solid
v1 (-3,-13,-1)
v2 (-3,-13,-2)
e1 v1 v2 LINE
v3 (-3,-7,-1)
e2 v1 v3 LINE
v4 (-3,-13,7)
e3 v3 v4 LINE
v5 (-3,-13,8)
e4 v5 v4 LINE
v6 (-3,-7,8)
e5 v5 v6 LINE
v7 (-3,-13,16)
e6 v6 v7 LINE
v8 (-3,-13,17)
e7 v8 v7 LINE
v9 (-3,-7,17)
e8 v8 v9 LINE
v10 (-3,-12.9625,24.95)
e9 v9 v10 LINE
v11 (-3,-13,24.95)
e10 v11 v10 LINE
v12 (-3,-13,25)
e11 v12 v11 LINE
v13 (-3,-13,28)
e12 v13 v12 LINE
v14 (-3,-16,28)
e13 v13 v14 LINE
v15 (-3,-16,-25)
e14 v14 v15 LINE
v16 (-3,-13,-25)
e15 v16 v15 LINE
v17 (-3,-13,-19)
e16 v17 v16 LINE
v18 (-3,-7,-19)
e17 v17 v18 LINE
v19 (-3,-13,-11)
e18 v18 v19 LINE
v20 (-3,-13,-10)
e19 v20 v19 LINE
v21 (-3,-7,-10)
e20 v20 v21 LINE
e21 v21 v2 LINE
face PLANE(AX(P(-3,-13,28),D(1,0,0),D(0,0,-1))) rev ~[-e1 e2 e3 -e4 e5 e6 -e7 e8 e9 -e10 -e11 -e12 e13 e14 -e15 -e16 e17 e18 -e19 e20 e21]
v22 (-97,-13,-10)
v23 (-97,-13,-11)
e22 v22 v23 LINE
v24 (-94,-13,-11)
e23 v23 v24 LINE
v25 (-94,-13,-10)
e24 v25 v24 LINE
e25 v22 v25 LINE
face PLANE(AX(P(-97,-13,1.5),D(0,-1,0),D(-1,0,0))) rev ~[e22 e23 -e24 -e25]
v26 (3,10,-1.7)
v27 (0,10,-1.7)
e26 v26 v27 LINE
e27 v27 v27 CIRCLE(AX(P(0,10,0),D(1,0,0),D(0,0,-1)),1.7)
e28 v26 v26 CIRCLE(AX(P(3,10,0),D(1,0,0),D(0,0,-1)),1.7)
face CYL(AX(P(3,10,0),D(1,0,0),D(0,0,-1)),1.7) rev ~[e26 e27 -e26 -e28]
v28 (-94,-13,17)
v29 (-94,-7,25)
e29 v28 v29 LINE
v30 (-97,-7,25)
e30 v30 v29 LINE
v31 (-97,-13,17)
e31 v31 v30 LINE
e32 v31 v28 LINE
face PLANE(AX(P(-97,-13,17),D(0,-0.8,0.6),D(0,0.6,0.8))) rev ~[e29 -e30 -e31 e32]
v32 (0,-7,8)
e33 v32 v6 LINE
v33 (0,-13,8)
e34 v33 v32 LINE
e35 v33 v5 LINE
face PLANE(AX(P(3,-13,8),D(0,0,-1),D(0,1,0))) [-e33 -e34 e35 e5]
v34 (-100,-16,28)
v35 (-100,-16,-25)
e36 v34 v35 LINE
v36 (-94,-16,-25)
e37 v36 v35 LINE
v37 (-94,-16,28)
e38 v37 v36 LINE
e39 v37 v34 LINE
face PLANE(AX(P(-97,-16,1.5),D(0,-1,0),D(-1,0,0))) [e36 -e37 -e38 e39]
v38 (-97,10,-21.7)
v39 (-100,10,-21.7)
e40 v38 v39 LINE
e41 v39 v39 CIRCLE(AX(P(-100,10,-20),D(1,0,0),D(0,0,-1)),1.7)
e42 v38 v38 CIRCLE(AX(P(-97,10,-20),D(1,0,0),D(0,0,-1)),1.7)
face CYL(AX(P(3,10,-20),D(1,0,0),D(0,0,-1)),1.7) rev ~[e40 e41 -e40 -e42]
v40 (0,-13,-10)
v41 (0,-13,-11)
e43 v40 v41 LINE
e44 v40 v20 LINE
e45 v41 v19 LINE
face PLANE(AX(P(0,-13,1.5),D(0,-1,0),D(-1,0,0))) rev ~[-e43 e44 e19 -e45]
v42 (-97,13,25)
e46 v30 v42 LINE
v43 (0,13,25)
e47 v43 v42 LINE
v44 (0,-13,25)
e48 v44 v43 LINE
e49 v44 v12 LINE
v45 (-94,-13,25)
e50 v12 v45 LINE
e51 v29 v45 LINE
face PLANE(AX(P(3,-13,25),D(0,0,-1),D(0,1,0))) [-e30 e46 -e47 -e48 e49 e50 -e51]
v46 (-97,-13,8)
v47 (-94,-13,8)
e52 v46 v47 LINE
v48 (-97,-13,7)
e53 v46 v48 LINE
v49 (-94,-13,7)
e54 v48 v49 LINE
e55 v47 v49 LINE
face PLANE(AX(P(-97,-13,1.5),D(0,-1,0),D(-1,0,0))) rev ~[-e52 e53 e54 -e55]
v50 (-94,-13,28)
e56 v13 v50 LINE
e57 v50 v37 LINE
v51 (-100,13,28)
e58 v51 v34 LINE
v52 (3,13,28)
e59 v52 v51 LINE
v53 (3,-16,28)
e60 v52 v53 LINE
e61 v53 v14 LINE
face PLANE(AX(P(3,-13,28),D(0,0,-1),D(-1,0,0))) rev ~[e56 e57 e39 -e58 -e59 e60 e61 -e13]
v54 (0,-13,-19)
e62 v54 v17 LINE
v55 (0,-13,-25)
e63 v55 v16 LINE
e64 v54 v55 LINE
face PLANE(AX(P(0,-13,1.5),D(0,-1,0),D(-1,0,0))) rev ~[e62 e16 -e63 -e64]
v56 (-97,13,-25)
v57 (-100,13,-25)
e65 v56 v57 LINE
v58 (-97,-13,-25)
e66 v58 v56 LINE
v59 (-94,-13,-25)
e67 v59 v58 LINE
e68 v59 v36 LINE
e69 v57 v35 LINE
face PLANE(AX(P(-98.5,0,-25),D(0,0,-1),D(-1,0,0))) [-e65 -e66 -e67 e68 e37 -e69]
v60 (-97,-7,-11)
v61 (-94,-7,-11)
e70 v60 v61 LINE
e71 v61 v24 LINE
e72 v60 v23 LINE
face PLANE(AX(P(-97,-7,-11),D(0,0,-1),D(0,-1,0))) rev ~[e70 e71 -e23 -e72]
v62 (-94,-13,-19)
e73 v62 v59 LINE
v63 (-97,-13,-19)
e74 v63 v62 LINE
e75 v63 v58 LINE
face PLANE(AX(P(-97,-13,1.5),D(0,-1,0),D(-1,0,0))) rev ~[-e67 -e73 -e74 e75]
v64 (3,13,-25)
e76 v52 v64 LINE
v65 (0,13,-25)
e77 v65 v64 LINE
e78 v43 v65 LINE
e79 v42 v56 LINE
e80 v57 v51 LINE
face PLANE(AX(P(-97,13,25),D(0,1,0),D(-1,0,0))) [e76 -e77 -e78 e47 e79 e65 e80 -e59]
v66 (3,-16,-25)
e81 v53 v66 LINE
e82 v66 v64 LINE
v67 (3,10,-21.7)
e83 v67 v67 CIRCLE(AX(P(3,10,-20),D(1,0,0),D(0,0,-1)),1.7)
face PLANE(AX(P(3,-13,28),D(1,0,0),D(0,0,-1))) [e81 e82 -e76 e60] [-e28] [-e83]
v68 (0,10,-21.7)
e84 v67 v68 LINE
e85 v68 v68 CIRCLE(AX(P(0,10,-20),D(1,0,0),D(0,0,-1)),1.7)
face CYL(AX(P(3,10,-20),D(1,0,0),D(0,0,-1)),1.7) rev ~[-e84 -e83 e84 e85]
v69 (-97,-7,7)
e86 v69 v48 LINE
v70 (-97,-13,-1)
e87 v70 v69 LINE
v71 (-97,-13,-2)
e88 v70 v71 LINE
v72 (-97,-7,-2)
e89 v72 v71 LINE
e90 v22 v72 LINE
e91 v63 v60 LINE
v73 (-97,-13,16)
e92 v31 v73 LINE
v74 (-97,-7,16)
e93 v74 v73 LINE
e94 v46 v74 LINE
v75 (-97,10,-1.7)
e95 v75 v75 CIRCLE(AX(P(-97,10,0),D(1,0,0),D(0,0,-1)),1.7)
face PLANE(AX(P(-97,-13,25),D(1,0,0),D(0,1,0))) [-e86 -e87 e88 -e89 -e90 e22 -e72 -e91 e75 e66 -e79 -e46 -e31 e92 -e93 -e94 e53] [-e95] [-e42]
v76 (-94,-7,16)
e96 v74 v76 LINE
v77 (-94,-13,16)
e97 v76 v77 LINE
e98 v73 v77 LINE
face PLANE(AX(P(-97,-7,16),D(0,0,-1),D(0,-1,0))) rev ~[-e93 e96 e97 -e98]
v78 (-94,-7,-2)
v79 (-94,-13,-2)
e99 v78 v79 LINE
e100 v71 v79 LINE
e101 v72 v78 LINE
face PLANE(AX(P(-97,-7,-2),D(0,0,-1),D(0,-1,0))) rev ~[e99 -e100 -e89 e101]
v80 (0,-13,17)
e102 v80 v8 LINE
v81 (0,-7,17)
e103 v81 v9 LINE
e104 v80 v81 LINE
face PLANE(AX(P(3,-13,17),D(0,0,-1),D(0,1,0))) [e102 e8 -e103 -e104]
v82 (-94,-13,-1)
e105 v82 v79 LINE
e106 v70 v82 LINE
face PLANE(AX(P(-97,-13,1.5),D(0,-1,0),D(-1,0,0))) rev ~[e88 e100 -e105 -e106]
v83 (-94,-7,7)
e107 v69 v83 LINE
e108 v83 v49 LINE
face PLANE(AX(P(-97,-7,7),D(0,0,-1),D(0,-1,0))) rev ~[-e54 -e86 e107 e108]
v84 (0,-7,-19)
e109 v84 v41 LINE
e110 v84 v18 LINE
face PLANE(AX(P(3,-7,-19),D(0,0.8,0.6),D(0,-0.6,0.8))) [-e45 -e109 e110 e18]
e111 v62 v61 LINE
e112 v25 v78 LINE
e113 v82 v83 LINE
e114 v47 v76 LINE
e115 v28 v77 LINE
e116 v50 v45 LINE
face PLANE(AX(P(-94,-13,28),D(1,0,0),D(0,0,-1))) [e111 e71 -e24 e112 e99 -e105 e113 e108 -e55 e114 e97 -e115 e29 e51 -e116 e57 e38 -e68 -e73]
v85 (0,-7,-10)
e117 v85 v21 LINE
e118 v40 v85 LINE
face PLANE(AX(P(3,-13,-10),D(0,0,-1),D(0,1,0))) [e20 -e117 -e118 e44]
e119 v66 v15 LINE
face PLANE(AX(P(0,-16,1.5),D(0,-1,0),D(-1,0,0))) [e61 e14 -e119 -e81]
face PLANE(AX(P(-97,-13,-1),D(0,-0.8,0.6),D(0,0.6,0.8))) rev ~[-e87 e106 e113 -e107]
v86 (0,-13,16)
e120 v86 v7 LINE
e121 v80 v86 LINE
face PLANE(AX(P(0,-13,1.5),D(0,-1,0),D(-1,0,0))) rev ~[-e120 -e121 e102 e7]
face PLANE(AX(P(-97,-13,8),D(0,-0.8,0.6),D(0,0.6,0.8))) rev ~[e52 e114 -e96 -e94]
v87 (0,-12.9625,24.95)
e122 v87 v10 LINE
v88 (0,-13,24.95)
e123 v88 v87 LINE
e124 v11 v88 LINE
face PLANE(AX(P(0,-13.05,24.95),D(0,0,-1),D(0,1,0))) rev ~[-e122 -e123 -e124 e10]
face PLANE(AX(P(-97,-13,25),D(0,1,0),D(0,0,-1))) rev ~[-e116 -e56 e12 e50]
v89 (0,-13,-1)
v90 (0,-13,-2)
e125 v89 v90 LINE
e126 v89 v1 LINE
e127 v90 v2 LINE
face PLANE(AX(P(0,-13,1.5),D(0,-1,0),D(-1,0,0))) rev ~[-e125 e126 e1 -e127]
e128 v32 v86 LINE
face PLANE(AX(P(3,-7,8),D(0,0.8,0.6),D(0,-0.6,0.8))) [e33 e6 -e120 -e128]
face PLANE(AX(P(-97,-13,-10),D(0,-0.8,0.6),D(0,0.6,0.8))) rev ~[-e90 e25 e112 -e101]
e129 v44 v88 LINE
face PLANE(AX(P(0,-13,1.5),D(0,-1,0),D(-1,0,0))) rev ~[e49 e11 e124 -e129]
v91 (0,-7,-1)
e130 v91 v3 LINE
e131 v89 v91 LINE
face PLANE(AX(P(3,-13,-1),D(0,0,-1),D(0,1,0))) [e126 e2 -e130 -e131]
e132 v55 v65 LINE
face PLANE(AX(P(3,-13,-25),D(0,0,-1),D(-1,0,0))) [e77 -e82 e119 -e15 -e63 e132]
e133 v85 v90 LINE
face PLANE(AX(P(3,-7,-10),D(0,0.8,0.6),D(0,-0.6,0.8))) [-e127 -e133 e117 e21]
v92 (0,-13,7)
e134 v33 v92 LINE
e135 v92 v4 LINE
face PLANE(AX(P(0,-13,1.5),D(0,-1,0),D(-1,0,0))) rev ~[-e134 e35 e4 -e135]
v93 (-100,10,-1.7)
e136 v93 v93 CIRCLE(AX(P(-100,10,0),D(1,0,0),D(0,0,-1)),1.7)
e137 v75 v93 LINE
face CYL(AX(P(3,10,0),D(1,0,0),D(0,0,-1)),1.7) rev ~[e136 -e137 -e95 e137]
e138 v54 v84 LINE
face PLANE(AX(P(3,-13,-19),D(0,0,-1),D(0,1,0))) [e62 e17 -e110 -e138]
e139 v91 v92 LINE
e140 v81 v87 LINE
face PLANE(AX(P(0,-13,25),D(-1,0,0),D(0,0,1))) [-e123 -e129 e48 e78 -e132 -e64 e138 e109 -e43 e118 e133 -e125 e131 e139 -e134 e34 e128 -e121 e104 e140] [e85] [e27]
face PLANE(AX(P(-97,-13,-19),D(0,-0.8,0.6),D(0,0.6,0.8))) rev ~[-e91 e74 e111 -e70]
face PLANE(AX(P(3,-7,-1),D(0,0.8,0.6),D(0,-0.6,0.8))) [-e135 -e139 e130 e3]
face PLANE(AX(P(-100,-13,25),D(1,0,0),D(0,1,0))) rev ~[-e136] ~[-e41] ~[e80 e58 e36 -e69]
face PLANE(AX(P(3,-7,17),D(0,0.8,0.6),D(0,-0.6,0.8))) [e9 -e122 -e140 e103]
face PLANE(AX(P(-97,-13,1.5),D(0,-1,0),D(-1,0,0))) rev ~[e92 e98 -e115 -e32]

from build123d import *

# Parameters (mm, degrees)
SKETCH_1_W          = 50
SKETCH_1_H          = 26
EXTRUDE_1_DEPTH     = 3
EXTRUDE_2_DEPTH     = 6
SKETCH_5_W          = 0.1
SKETCH_5_H          = 0.1
CUT_EXTRUDE_1_DEPTH = 3
SKETCH_4_W          = 3
SKETCH_4_H          = 26
EXTRUDE_7_DEPTH     = 103
SKETCH_6_W          = 3
SKETCH_6_H          = 26
EXTRUDE_8_DEPTH     = 50
EXTRUDE_9_DEPTH     = 3
SKETCH_9_W          = 6
SKETCH_9_H          = 53
EXTRUDE_12_DEPTH    = 3
SKETCH_10_R         = 1.7
CUT_EXTRUDE_2_DEPTH = 108.930533215


with BuildPart() as part:
    # 草图1 → 凸台-拉伸1 (new body)
    with BuildSketch(Plane(origin=(0, 0, 0), x_dir=(0, 0, -1), z_dir=(1, 0, 0))):
        Rectangle(SKETCH_1_W, SKETCH_1_H)
    extrude(amount=EXTRUDE_1_DEPTH)

    # 草图2 → 凸台-拉伸2 (add)
    with BuildSketch(Plane(origin=(3, 0, 0), x_dir=(0, 0, -1), z_dir=(1, 0, 0))):
        Polygon((-25, -13), (-17, -13), (-17, -7), align=None)
        Polygon((-8, -7), (-16, -13), (-8, -13), align=None)
        Polygon((1, -7), (-7, -13), (1, -13), align=None)
        Polygon((10, -7), (2, -13), (10, -13), align=None)
        Polygon((19, -7), (11, -13), (19, -13), align=None)
    extrude(amount=-EXTRUDE_2_DEPTH)

    # 草图5 → 切除-拉伸1 (cut)
    with BuildSketch(Plane.ZY):
        with Locations((25, -13)):
            Rectangle(SKETCH_5_W, SKETCH_5_H)
    extrude(amount=CUT_EXTRUDE_1_DEPTH, mode=Mode.SUBTRACT)

    # 草图4 → 凸台-拉伸7 (add)
    with BuildSketch(Plane(origin=(3, 0, 0), x_dir=(0, 0, -1), z_dir=(1, 0, 0))):
        with Locations((-26.5, 0)):
            Rectangle(SKETCH_4_W, SKETCH_4_H)
    extrude(amount=-EXTRUDE_7_DEPTH)

    # 草图6 → 凸台-拉伸8 (add, through all)
    with BuildSketch(Plane(origin=(0, 0, 25), x_dir=(-1, 0, 0), z_dir=(0, 0, -1))):
        with Locations((98.5, 0)):
            Rectangle(SKETCH_6_W, SKETCH_6_H)
    extrude(amount=EXTRUDE_8_DEPTH)

    # 草图7 → 凸台-拉伸9 (add)
    with BuildSketch(Plane(origin=(-97, 0, 0), x_dir=(0, 0, -1), z_dir=(1, 0, 0))):
        Polygon((-25, -7), (-25, -13), (-17, -13), align=None)
        Polygon((-8, -13), (-16, -7), (-16, -13), align=None)
        Polygon((1, -13), (-7, -7), (-7, -13), align=None)
        Polygon((10, -13), (2, -7), (2, -13), align=None)
        Polygon((19, -13), (11, -7), (11, -13), align=None)
    extrude(amount=EXTRUDE_9_DEPTH)

    # 草图9 → 凸台-拉伸12 (add)
    with BuildSketch(Plane(origin=(0, -13, 0), x_dir=(-1, 0, 0), z_dir=(0, -1, 0))):
        with Locations((0, -1.5)):
            Rectangle(SKETCH_9_W, SKETCH_9_H)
        with Locations((97, -1.5)):
            Rectangle(SKETCH_9_W, SKETCH_9_H)
    extrude(amount=EXTRUDE_12_DEPTH)

    # 草图10 → 切除-拉伸2 (cut, through all)
    with BuildSketch(Plane(origin=(3, 0, 0), x_dir=(0, 0, -1), z_dir=(1, 0, 0))):
        with Locations((20, 10)):
            Circle(SKETCH_10_R)
        with Locations((0, 10)):
            Circle(SKETCH_10_R)
    extrude(amount=-CUT_EXTRUDE_2_DEPTH, mode=Mode.SUBTRACT)


solid = part.part
